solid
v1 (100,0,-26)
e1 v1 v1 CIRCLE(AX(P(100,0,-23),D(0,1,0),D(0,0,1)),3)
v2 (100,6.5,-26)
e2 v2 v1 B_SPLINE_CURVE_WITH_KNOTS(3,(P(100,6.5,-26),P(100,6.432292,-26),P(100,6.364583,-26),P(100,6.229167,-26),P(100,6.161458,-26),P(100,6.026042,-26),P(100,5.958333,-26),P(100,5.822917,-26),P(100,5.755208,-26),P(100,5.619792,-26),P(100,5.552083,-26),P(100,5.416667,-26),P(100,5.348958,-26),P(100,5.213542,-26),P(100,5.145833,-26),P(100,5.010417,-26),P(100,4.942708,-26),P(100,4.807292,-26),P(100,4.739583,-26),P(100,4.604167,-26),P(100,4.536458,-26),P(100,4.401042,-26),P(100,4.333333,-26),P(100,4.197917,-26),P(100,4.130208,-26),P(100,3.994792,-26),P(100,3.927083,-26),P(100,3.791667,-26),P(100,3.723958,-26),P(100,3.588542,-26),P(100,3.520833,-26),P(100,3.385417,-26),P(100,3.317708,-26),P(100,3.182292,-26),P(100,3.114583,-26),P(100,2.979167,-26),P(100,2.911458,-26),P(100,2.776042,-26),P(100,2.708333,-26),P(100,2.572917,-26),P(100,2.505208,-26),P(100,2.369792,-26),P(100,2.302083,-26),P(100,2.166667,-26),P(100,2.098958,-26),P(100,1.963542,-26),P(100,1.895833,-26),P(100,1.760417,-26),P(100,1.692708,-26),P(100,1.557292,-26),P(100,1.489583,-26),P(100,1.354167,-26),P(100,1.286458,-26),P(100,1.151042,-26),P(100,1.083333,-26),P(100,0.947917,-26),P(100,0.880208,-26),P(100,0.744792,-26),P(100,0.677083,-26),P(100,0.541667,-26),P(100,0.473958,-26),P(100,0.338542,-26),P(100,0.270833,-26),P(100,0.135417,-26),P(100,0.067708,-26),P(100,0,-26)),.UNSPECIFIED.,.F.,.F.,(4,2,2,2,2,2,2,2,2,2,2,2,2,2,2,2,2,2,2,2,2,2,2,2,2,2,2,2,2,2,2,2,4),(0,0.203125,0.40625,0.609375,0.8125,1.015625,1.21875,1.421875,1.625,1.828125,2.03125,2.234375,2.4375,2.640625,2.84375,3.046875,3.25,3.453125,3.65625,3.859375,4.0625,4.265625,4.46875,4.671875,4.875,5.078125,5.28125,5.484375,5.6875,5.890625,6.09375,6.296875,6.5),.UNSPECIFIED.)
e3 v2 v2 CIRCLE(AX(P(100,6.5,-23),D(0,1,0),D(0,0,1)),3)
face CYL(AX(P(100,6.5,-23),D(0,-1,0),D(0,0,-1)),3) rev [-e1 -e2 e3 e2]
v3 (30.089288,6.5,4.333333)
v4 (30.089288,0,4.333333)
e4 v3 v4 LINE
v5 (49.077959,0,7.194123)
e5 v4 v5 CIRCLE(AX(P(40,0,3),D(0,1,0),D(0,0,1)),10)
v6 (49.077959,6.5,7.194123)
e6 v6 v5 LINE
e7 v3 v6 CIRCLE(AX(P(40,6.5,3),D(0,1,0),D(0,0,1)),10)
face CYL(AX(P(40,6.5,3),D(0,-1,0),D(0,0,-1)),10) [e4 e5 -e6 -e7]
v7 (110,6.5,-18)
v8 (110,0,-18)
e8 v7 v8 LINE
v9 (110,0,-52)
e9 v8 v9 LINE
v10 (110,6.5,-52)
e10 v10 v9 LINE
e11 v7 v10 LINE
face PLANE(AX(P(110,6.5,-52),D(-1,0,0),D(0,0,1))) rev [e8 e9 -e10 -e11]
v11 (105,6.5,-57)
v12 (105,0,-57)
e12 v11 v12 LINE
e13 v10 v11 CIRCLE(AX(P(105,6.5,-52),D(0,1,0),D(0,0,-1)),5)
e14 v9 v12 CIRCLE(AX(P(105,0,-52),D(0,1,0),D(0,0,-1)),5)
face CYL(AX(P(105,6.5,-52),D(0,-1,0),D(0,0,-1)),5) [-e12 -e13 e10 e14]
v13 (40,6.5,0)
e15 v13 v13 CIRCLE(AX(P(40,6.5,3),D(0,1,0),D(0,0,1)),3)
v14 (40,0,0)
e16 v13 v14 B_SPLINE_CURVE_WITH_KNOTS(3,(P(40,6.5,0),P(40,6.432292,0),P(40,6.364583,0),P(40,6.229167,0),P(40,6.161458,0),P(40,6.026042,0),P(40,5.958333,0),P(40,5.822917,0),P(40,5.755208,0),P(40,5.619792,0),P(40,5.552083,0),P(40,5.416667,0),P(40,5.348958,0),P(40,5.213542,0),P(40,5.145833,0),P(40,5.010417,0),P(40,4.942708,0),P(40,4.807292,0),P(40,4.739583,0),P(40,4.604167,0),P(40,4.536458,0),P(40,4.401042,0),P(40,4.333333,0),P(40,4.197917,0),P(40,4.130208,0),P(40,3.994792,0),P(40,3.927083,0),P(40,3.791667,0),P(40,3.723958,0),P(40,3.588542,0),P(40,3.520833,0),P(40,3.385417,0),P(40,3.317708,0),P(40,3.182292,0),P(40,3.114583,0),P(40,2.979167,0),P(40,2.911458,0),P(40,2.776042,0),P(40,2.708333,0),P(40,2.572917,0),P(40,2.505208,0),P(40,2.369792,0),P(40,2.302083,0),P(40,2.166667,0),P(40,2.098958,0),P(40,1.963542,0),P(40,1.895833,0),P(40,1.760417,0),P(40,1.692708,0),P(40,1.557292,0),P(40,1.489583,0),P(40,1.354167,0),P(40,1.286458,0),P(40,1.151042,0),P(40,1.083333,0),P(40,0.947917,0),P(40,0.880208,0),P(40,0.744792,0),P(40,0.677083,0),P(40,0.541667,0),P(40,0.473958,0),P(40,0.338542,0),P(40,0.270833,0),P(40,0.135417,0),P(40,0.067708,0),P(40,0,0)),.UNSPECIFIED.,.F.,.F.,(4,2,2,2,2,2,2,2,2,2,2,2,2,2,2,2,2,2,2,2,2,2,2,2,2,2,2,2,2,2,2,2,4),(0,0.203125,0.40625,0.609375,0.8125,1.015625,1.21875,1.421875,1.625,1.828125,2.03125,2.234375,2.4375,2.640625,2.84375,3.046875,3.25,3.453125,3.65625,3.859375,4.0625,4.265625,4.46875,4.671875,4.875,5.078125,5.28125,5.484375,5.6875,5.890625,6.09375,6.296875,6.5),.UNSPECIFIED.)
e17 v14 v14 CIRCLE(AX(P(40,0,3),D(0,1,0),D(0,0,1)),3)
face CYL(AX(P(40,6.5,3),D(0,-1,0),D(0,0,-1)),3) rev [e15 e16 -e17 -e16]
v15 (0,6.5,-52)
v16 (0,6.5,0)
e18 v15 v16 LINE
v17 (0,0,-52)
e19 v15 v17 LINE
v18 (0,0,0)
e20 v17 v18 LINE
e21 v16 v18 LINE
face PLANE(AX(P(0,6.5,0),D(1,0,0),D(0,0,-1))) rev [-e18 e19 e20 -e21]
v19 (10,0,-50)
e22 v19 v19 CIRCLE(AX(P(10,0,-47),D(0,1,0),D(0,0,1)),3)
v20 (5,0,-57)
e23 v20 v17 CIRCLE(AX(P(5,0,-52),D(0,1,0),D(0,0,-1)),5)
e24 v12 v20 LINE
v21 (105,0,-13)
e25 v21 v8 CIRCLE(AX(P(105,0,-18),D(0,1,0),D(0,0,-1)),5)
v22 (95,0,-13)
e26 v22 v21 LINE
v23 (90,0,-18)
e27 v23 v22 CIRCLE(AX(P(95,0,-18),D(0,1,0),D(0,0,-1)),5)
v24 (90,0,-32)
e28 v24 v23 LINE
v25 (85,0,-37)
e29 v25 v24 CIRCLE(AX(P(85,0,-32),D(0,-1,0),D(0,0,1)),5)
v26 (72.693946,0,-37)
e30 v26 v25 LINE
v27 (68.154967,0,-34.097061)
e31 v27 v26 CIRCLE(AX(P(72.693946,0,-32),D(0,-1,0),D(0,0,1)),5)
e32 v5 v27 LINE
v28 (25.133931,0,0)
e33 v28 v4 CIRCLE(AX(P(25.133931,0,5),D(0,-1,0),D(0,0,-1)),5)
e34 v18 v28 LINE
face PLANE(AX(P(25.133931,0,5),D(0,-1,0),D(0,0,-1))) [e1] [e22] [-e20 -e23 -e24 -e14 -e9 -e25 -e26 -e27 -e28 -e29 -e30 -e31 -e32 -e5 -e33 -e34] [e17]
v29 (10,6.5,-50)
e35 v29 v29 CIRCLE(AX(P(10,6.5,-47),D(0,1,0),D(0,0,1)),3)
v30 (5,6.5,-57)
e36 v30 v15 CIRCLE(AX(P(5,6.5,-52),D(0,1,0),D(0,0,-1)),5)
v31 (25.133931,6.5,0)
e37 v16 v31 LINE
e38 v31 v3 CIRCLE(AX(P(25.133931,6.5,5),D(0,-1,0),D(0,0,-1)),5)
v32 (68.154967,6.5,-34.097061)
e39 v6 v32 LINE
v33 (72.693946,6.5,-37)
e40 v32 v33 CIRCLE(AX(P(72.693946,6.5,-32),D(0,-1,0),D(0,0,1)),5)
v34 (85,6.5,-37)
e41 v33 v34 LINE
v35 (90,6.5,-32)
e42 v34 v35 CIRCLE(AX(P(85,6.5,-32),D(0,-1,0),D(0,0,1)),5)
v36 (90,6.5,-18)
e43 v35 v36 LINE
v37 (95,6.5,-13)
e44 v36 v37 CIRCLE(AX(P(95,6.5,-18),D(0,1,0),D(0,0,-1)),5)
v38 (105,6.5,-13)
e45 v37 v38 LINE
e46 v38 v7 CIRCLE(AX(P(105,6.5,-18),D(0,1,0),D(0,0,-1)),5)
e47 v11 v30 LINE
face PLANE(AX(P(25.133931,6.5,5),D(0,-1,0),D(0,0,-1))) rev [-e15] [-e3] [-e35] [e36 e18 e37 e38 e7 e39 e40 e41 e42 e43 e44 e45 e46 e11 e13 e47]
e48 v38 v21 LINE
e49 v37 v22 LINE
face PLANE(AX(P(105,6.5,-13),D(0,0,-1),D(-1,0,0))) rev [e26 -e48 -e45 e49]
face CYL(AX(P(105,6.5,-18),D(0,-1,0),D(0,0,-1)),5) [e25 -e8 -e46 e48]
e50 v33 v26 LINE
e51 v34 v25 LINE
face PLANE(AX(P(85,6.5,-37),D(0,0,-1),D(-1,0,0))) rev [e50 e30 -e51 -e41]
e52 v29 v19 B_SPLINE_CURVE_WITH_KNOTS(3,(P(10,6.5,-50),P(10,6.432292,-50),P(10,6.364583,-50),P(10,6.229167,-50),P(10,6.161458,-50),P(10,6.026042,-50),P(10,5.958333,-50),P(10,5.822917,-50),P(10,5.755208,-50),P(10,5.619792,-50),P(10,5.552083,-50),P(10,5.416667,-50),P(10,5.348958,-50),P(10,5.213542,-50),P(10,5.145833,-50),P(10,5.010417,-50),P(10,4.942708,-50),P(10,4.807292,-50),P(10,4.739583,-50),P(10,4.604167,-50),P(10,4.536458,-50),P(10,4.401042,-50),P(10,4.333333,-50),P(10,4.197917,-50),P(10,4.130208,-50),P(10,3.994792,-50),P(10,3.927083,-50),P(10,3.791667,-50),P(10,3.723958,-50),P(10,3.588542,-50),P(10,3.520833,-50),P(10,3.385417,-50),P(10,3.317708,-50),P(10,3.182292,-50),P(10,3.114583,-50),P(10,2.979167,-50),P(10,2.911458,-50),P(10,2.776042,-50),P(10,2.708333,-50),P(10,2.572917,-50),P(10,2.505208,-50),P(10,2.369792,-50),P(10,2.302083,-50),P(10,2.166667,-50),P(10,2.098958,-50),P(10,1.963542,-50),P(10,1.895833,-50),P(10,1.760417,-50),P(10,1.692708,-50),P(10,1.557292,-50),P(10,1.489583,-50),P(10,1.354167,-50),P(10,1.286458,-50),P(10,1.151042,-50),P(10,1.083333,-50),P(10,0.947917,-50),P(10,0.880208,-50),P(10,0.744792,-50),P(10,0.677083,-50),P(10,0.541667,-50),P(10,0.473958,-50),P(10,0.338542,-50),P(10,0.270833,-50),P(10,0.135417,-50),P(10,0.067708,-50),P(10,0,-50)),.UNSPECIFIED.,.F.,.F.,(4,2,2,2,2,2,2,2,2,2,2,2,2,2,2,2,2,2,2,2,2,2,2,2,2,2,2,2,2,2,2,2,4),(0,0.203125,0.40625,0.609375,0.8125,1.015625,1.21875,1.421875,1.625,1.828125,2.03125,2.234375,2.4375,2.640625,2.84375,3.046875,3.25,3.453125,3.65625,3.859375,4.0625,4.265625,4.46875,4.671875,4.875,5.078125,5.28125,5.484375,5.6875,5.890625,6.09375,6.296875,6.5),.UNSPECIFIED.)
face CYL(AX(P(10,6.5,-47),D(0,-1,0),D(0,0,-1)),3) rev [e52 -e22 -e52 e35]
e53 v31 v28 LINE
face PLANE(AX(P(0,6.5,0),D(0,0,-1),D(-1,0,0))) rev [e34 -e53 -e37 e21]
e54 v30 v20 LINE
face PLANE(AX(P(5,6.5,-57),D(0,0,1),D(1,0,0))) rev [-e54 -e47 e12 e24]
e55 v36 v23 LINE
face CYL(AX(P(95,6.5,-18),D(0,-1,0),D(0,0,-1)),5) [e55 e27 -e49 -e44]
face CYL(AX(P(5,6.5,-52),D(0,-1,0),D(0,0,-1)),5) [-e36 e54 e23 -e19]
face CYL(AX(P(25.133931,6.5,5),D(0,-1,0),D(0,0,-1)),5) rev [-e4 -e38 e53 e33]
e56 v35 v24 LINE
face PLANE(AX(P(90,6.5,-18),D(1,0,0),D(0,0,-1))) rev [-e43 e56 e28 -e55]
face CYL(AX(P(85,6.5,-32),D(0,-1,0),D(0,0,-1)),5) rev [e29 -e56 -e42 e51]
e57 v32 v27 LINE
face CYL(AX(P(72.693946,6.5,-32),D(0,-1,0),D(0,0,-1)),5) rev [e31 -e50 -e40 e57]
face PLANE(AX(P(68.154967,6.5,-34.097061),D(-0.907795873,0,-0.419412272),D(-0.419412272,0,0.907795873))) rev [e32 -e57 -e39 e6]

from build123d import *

# Parameters (mm, degrees)
SKETCH_1_R      = 3
EXTRUDE_1_DEPTH = 6.5


with BuildPart() as part:
    # 스케치1 → 보스-돌출1 (new body)
    with BuildSketch(Plane(origin=(0, 0, 0), x_dir=(1, 0, 0), z_dir=(0, 1, 0))):
        with BuildLine():
            Line((0, 0), (0, 52))
            ThreePointArc((0, 52), (1.464466094, 55.535533906), (5, 57))
            Line((5, 57), (105, 57))
            ThreePointArc((105, 57), (108.535533906, 55.535533906), (110, 52))
            Line((110, 52), (110, 18))
            ThreePointArc((110, 18), (108.535533906, 14.464466094), (105, 13))
            Line((105, 13), (95, 13))
            ThreePointArc((95, 13), (91.464466094, 14.464466094), (90, 18))
            Line((90, 18), (90, 32))
            ThreePointArc((90, 32), (88.535533906, 35.535533906), (85, 37))
            Line((85, 37), (72.693946289, 37))
            ThreePointArc((72.693946289, 37), (70, 36.212202915), (68.154966925, 34.097061358))
            Line((68.154966925, 34.097061358), (49.077958727, -7.194122715))
            ThreePointArc((49.077958727, -7.194122715), (38.51023536, -12.888407421), (30.089287502, -4.333333333))
            ThreePointArc((30.089287502, -4.333333333), (28.425334196, -1.236136736), (25.133931253, 0))
            Line((25.133931253, 0), (0, 0))
        make_face()
        with Locations(Location((10, 47, 0), (0, 0, 90))):
            Circle(SKETCH_1_R, mode=Mode.SUBTRACT)
        with Locations(Location((40, -3, 0), (0, 0, 90))):
            Circle(SKETCH_1_R, mode=Mode.SUBTRACT)
        with Locations(Location((100, 23, 0), (0, 0, 90))):
            Circle(SKETCH_1_R, mode=Mode.SUBTRACT)
    extrude(amount=EXTRUDE_1_DEPTH)


solid = part.part
